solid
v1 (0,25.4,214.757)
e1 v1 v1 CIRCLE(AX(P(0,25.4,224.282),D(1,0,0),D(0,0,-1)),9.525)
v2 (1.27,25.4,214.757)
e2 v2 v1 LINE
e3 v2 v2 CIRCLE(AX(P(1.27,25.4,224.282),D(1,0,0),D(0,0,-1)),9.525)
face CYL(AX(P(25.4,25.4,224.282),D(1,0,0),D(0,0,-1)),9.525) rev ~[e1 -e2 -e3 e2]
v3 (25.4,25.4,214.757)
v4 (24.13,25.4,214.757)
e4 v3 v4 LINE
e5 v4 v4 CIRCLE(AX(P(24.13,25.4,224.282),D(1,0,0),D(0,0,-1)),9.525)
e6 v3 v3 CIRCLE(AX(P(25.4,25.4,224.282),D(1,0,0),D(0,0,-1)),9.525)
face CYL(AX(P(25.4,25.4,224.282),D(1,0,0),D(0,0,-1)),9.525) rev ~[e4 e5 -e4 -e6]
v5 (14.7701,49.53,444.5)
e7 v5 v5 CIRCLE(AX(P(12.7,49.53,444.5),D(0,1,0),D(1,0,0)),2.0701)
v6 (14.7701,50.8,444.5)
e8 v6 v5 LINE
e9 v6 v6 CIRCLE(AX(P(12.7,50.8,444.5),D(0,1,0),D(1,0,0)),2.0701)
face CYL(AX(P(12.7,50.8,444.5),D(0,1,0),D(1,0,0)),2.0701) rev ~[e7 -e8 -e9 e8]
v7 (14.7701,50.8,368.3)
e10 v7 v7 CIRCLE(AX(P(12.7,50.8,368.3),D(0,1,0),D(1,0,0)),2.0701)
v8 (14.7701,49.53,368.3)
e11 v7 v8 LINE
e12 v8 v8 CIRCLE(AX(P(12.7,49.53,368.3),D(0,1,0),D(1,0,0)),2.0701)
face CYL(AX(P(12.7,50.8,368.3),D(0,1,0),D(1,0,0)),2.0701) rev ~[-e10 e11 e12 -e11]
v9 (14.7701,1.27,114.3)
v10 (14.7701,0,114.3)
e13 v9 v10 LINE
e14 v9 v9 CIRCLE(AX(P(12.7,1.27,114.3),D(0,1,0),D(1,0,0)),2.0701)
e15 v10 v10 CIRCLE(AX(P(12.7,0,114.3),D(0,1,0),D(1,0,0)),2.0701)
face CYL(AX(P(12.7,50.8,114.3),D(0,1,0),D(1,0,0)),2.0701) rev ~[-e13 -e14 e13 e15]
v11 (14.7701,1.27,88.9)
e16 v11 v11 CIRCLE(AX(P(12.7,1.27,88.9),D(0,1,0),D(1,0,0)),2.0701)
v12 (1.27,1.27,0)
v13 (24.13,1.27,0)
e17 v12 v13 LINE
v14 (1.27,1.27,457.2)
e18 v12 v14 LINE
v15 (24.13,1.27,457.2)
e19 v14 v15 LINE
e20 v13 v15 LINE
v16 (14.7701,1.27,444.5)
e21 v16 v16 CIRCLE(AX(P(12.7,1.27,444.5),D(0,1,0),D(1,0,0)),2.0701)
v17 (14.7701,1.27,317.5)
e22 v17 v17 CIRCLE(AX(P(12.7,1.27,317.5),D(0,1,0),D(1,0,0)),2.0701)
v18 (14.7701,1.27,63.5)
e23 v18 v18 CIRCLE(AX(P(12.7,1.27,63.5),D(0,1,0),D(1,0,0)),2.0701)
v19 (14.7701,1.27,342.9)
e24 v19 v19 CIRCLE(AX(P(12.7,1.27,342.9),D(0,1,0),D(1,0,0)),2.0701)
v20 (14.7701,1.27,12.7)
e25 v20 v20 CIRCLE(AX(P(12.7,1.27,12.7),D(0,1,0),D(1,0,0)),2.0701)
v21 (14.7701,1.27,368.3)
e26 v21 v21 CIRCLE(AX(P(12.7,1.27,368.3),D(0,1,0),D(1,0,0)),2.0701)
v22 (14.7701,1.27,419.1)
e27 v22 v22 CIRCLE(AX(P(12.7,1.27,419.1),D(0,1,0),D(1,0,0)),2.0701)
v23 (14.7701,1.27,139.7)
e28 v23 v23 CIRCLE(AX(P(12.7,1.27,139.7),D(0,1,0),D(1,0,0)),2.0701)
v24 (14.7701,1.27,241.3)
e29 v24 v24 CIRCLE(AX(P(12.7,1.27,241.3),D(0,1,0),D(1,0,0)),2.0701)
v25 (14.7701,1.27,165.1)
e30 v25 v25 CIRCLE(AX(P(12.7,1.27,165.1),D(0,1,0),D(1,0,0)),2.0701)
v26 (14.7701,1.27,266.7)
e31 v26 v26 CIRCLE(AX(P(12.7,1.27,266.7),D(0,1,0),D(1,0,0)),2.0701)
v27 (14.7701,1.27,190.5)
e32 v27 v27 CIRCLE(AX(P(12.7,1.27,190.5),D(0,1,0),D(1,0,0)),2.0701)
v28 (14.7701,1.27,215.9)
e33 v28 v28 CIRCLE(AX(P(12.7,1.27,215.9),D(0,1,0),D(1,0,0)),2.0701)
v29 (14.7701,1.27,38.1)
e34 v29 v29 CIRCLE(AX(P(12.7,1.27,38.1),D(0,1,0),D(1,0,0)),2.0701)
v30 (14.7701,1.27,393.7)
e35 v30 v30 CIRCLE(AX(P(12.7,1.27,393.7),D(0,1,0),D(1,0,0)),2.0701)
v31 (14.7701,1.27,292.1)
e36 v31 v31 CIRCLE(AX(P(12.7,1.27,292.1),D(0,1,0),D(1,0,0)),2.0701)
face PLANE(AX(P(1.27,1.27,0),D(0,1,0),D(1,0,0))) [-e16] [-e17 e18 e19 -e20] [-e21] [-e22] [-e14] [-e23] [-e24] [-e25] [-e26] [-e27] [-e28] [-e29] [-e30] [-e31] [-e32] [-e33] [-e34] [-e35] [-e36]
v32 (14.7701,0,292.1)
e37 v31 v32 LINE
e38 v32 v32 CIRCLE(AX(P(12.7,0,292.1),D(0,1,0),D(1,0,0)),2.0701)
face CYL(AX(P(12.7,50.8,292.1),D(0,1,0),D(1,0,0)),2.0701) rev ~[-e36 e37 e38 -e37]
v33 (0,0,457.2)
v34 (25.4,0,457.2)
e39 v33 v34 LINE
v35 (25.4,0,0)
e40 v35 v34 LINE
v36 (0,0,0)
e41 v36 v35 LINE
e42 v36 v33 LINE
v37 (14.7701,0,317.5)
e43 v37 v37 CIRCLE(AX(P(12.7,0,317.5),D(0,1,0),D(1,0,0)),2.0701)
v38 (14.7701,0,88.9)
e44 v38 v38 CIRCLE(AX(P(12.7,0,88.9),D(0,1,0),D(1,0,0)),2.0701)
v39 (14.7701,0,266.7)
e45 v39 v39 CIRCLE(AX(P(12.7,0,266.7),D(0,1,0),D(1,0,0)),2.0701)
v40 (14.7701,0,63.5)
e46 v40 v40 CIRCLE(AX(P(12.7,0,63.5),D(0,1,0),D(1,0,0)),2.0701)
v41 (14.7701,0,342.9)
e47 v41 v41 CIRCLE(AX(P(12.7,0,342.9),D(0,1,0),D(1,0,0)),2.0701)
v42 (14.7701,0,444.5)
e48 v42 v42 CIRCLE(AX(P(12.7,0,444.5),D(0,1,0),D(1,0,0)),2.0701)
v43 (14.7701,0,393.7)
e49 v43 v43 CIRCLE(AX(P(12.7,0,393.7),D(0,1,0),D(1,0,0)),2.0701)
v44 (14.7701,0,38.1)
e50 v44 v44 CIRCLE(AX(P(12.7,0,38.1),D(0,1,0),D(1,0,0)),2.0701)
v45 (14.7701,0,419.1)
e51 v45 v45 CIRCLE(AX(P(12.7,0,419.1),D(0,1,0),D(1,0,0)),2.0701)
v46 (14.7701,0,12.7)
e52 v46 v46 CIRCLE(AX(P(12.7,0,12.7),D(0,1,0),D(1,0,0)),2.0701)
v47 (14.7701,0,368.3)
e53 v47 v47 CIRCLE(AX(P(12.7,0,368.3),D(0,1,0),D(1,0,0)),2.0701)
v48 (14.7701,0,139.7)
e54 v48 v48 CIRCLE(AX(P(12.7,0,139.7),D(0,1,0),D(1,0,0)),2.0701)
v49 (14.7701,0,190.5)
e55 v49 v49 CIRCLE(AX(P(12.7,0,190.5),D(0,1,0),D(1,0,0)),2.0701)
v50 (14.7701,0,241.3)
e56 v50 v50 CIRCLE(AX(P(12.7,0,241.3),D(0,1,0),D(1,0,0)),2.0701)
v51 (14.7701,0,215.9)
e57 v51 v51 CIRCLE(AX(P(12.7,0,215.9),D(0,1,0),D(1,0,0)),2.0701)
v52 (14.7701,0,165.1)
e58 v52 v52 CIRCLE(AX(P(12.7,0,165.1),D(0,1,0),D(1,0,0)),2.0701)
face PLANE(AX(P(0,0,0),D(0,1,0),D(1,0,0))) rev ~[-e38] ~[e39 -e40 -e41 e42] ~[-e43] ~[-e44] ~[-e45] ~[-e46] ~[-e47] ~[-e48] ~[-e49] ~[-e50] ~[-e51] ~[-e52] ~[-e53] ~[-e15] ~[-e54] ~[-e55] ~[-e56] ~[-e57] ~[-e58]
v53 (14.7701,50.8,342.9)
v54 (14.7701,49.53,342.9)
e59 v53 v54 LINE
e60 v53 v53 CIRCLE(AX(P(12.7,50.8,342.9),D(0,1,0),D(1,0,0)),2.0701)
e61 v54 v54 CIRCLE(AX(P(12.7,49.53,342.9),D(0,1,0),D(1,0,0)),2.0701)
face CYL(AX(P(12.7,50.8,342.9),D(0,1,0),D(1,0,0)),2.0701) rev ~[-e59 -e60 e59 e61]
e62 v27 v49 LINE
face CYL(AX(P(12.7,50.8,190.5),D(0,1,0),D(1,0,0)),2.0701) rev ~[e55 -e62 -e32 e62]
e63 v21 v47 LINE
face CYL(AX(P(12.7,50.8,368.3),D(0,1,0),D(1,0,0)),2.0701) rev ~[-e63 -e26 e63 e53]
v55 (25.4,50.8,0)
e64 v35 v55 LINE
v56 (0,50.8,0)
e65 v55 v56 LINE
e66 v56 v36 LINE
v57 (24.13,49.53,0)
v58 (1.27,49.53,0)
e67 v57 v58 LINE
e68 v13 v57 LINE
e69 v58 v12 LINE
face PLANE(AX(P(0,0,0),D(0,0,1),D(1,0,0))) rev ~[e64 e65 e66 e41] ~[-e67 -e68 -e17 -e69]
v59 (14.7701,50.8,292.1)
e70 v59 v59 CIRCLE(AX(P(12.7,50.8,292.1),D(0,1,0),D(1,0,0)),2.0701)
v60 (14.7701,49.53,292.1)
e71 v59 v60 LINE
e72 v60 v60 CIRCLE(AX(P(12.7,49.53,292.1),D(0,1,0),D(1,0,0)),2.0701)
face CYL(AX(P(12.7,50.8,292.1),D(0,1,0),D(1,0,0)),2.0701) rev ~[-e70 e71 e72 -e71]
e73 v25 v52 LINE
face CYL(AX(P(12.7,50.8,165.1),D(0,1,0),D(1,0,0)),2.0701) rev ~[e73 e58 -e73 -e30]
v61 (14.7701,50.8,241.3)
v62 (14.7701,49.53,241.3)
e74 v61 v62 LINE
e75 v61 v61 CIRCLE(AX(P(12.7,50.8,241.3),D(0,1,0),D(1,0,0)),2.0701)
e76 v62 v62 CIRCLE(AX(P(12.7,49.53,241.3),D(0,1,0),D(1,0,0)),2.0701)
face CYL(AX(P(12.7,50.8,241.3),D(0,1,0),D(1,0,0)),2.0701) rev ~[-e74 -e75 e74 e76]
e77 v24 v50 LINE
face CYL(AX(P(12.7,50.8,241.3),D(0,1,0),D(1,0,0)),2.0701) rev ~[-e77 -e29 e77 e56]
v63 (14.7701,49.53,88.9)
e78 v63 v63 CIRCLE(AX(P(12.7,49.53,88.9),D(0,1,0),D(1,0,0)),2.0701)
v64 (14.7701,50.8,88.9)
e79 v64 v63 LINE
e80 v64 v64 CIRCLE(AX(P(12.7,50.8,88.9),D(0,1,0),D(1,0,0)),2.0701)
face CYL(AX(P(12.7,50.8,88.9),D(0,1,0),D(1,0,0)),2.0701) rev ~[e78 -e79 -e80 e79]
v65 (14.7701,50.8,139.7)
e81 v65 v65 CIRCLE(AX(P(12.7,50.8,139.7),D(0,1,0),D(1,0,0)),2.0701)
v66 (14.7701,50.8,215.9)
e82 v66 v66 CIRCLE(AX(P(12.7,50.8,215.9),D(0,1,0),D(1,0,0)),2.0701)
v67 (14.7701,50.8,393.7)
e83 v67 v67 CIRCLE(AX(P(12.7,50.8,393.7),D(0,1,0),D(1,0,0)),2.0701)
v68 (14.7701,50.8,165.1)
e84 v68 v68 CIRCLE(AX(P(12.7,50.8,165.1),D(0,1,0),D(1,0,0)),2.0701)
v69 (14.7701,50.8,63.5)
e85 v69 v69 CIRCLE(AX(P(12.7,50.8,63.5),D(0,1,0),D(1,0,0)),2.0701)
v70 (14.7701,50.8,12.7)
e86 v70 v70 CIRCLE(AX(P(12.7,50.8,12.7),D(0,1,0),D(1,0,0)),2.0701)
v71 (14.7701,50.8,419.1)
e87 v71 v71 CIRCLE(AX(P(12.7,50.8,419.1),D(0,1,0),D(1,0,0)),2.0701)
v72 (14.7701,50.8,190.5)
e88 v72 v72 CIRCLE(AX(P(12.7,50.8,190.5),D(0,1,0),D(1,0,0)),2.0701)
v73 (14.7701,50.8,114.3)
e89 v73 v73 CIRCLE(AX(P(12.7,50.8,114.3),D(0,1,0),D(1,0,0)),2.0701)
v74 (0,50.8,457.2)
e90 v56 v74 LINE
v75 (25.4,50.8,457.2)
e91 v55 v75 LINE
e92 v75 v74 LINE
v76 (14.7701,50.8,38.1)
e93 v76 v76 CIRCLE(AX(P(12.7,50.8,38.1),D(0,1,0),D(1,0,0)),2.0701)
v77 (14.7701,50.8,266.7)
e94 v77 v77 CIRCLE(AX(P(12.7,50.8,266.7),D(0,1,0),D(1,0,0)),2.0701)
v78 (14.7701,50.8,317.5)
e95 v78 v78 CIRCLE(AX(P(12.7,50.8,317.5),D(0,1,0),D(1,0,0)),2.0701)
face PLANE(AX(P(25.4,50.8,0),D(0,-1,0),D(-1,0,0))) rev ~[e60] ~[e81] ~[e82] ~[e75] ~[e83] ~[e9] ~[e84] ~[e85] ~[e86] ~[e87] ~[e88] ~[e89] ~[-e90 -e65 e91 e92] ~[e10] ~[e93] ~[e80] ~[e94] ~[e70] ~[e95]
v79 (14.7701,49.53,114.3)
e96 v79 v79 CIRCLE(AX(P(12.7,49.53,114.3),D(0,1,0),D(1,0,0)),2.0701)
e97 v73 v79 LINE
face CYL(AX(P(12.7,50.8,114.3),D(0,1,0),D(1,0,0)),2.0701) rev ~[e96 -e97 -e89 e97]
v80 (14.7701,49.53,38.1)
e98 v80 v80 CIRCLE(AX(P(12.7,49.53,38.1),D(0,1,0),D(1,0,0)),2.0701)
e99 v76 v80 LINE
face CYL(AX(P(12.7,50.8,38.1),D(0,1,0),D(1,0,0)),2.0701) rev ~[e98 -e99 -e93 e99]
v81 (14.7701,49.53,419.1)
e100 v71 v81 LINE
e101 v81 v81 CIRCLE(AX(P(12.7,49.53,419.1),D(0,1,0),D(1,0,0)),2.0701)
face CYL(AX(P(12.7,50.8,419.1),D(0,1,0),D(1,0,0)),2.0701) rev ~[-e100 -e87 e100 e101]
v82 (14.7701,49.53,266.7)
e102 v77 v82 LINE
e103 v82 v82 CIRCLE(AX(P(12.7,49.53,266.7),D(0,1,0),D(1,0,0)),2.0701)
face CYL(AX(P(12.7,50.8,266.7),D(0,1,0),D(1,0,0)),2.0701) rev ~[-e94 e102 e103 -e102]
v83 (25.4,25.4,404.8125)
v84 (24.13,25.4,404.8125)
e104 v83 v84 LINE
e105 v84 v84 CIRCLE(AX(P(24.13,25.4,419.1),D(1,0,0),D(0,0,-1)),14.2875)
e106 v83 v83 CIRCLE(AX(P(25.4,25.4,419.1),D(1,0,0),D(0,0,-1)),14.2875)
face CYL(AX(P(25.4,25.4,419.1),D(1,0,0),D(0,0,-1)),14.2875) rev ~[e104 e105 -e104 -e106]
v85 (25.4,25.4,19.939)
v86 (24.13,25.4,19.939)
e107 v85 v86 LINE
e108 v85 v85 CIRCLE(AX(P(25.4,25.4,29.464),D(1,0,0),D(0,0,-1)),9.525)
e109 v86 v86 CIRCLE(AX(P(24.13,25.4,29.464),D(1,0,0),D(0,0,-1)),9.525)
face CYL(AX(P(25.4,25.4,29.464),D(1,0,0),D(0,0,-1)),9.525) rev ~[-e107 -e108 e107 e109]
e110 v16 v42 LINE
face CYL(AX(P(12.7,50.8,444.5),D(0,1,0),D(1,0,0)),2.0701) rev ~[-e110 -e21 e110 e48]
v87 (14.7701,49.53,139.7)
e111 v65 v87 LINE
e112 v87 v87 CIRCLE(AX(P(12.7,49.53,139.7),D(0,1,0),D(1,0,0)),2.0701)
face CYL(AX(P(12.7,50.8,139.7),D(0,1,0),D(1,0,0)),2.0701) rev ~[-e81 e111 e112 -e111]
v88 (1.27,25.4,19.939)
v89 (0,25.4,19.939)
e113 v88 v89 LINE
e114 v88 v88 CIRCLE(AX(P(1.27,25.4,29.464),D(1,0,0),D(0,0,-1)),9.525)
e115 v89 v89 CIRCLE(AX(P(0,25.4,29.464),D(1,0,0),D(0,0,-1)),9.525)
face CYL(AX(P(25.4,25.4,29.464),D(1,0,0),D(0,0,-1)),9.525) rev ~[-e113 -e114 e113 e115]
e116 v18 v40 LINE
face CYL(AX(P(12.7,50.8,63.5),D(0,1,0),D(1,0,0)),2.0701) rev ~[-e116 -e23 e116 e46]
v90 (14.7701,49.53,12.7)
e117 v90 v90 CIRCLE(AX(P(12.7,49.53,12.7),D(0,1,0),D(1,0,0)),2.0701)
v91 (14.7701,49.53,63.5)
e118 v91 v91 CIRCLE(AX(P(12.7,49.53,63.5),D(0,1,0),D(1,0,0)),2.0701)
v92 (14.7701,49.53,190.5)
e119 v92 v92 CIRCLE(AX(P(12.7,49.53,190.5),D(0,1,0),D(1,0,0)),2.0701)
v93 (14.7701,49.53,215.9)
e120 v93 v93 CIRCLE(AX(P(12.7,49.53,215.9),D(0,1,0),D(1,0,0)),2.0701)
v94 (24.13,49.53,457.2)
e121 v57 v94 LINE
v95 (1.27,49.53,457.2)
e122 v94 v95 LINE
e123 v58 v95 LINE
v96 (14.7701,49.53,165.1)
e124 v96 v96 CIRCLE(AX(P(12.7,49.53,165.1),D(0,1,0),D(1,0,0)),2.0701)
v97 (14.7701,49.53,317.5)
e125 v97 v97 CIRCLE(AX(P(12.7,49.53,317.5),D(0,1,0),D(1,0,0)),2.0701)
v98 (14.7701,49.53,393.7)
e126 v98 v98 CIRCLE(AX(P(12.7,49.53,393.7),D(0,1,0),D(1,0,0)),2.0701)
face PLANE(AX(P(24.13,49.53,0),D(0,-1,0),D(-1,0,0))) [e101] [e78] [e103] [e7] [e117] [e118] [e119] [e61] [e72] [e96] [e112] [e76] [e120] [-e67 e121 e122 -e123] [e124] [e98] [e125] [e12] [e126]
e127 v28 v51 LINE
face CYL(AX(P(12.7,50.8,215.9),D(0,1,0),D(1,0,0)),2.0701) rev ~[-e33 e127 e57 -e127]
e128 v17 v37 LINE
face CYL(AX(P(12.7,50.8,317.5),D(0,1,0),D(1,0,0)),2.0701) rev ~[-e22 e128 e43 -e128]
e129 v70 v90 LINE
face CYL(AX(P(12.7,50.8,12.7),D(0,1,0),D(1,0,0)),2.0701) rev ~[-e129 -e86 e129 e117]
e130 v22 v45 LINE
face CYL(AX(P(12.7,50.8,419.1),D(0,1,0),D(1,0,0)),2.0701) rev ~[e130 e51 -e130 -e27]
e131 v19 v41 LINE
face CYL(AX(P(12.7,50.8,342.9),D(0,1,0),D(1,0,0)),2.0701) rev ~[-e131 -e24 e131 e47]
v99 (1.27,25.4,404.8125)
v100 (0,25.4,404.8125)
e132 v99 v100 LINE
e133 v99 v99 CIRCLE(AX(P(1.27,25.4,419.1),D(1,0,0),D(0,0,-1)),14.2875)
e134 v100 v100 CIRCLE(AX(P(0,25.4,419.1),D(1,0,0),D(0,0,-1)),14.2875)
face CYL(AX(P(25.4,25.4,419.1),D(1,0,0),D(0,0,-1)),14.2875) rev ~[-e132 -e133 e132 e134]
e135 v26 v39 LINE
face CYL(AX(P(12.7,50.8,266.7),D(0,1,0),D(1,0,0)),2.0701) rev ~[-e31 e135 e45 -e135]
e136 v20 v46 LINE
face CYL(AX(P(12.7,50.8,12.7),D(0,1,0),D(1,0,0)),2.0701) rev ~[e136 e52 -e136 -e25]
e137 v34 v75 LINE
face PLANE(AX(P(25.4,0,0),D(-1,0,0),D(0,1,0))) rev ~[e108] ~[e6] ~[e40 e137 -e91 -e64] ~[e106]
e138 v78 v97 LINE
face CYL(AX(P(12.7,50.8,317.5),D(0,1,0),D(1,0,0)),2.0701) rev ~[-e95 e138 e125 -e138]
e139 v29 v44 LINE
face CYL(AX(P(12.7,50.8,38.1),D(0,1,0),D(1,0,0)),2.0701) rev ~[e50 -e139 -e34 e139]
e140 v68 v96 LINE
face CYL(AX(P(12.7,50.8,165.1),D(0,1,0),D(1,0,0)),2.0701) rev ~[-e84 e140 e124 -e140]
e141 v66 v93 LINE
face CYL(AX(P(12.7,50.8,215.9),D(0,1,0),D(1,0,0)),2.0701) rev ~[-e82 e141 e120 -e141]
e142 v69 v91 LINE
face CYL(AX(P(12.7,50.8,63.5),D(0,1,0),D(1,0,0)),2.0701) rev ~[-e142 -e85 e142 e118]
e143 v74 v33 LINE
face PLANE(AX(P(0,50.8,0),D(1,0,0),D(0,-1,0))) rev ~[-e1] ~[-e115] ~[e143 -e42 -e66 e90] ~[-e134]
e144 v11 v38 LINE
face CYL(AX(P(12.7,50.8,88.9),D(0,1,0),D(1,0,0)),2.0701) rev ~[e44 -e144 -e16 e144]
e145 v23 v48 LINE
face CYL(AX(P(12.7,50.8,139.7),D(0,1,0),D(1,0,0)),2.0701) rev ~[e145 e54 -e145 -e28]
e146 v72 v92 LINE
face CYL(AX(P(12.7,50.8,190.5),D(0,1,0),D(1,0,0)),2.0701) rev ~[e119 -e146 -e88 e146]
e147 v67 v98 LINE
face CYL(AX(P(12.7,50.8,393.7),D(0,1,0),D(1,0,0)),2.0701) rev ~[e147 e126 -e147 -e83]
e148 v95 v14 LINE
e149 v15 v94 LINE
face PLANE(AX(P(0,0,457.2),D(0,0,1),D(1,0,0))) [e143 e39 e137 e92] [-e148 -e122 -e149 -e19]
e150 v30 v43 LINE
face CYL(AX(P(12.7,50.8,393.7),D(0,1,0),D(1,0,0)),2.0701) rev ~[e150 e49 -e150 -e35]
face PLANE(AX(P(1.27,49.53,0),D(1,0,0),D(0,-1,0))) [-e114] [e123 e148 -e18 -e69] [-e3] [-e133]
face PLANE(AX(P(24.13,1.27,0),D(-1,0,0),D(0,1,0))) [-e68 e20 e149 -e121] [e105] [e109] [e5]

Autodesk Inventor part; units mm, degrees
ref_plane "YZ Plane" through (0, 0, 0) normal (1, 0, 0) x (0, 1, 0)
ref_plane "XZ Plane" through (0, 0, 0) normal (0, 1, 0) x (-1, 0, 0)
ref_plane "XY Plane" through (0, 0, 0) normal (0, 0, 1) x (1, 0, 0)
sketch "Sketch1" plane through (0, 0, 0) normal (0, 0, 1) x (1, 0, 0)
  line L0 (0, 0) -> (25.4, 0)
  line L1 (25.4, 0) -> (25.4, 50.8)
  line L2 (25.4, 50.8) -> (0, 50.8)
  line L3 (0, 50.8) -> (0, 0)
  line L4 (1.27, 1.27) -> (24.13, 1.27)
  line L5 (24.13, 1.27) -> (24.13, 49.53)
  line L6 (24.13, 49.53) -> (1.27, 49.53)
  line L7 (1.27, 49.53) -> (1.27, 1.27)
  dimension "d0" = 25.4
  dimension "d1" = 50.8
  dimension "d4" = 1.27
  dimension "d5" = 1.27
extrude "Extrusion1" add sketch "Sketch1" along normal blind 457.2
sketch "Sketch2" plane through (0, 50.8, 0) normal (0, 1, 0) x (1, 0, 0)
  line L0 (1.27, -457.2) -> (24.13, -457.2) projected
  circle A0 centre (12.7, -12.7) radius 2.0701
  line L1 (0, 0) -> (0, -457.2) projected
  line L2 (25.4, 0) -> (0, 0) projected
  dimension "d9" = 4.1402
  dimension "d10" = 12.7
  dimension "d11" = 12.7
extrude "Extrusion2" cut sketch "Sketch2" against normal blind 457.2
pattern_linear "Rectangular Pattern1" count 18 spacing 25.4 along (0, 0, 1) of "Extrusion2"
sketch "Sketch3" plane through (25.4, 0, 0) normal (1, 0, 0) x (0, 0, -1)
  line L0 (-457.2, 0) -> (-457.2, 50.8) projected
  line L1 (-457.2, 25.4) -> (0, 25.4) construction
  circle A0 centre (-419.1, 25.4) radius 14.2875
  circle A1 centre (-224.282, 25.4) radius 9.525
  circle A2 centre (-29.464, 25.4) radius 9.525
  point P0 (0, 0)
  dimension "d17" = 19.05
  dimension "d18" = 38.1
  dimension "d19" = 28.575
  dimension "d20" = 194.818
  dimension "d21" = 194.818
extrude "Extrusion3" cut sketch "Sketch3" against normal through all
equation "\"d0\" = u1"
equation "\"d1\" = u2"
equation "\"d4\" = u3"
equation "\"d5\" = u3"
equation "\"d6\" = u4"
equation "\"d9\" = u5"
equation "\"d10\" = u6"
equation "\"d11\" = u7"
equation "\"d12\" = u4"
equation "\"d20\" = u10"
equation "\"d21\" = u10"
equation "\"d16\" = u9"
equation "\"u1\" = 25.4"
equation "\"u2\" = 50.8"
equation "\"u3\" = 1.27"
equation "\"u4\" = 457.2"
equation "\"u5\" = 4.1402"
equation "\"u6\" = 12.7"
equation "\"u7\" = 12.7"
equation "\"u9\" = 25.4"
equation "\"u10\" = 194.818"
properties part number "VerseFrame 18in Uptake"
